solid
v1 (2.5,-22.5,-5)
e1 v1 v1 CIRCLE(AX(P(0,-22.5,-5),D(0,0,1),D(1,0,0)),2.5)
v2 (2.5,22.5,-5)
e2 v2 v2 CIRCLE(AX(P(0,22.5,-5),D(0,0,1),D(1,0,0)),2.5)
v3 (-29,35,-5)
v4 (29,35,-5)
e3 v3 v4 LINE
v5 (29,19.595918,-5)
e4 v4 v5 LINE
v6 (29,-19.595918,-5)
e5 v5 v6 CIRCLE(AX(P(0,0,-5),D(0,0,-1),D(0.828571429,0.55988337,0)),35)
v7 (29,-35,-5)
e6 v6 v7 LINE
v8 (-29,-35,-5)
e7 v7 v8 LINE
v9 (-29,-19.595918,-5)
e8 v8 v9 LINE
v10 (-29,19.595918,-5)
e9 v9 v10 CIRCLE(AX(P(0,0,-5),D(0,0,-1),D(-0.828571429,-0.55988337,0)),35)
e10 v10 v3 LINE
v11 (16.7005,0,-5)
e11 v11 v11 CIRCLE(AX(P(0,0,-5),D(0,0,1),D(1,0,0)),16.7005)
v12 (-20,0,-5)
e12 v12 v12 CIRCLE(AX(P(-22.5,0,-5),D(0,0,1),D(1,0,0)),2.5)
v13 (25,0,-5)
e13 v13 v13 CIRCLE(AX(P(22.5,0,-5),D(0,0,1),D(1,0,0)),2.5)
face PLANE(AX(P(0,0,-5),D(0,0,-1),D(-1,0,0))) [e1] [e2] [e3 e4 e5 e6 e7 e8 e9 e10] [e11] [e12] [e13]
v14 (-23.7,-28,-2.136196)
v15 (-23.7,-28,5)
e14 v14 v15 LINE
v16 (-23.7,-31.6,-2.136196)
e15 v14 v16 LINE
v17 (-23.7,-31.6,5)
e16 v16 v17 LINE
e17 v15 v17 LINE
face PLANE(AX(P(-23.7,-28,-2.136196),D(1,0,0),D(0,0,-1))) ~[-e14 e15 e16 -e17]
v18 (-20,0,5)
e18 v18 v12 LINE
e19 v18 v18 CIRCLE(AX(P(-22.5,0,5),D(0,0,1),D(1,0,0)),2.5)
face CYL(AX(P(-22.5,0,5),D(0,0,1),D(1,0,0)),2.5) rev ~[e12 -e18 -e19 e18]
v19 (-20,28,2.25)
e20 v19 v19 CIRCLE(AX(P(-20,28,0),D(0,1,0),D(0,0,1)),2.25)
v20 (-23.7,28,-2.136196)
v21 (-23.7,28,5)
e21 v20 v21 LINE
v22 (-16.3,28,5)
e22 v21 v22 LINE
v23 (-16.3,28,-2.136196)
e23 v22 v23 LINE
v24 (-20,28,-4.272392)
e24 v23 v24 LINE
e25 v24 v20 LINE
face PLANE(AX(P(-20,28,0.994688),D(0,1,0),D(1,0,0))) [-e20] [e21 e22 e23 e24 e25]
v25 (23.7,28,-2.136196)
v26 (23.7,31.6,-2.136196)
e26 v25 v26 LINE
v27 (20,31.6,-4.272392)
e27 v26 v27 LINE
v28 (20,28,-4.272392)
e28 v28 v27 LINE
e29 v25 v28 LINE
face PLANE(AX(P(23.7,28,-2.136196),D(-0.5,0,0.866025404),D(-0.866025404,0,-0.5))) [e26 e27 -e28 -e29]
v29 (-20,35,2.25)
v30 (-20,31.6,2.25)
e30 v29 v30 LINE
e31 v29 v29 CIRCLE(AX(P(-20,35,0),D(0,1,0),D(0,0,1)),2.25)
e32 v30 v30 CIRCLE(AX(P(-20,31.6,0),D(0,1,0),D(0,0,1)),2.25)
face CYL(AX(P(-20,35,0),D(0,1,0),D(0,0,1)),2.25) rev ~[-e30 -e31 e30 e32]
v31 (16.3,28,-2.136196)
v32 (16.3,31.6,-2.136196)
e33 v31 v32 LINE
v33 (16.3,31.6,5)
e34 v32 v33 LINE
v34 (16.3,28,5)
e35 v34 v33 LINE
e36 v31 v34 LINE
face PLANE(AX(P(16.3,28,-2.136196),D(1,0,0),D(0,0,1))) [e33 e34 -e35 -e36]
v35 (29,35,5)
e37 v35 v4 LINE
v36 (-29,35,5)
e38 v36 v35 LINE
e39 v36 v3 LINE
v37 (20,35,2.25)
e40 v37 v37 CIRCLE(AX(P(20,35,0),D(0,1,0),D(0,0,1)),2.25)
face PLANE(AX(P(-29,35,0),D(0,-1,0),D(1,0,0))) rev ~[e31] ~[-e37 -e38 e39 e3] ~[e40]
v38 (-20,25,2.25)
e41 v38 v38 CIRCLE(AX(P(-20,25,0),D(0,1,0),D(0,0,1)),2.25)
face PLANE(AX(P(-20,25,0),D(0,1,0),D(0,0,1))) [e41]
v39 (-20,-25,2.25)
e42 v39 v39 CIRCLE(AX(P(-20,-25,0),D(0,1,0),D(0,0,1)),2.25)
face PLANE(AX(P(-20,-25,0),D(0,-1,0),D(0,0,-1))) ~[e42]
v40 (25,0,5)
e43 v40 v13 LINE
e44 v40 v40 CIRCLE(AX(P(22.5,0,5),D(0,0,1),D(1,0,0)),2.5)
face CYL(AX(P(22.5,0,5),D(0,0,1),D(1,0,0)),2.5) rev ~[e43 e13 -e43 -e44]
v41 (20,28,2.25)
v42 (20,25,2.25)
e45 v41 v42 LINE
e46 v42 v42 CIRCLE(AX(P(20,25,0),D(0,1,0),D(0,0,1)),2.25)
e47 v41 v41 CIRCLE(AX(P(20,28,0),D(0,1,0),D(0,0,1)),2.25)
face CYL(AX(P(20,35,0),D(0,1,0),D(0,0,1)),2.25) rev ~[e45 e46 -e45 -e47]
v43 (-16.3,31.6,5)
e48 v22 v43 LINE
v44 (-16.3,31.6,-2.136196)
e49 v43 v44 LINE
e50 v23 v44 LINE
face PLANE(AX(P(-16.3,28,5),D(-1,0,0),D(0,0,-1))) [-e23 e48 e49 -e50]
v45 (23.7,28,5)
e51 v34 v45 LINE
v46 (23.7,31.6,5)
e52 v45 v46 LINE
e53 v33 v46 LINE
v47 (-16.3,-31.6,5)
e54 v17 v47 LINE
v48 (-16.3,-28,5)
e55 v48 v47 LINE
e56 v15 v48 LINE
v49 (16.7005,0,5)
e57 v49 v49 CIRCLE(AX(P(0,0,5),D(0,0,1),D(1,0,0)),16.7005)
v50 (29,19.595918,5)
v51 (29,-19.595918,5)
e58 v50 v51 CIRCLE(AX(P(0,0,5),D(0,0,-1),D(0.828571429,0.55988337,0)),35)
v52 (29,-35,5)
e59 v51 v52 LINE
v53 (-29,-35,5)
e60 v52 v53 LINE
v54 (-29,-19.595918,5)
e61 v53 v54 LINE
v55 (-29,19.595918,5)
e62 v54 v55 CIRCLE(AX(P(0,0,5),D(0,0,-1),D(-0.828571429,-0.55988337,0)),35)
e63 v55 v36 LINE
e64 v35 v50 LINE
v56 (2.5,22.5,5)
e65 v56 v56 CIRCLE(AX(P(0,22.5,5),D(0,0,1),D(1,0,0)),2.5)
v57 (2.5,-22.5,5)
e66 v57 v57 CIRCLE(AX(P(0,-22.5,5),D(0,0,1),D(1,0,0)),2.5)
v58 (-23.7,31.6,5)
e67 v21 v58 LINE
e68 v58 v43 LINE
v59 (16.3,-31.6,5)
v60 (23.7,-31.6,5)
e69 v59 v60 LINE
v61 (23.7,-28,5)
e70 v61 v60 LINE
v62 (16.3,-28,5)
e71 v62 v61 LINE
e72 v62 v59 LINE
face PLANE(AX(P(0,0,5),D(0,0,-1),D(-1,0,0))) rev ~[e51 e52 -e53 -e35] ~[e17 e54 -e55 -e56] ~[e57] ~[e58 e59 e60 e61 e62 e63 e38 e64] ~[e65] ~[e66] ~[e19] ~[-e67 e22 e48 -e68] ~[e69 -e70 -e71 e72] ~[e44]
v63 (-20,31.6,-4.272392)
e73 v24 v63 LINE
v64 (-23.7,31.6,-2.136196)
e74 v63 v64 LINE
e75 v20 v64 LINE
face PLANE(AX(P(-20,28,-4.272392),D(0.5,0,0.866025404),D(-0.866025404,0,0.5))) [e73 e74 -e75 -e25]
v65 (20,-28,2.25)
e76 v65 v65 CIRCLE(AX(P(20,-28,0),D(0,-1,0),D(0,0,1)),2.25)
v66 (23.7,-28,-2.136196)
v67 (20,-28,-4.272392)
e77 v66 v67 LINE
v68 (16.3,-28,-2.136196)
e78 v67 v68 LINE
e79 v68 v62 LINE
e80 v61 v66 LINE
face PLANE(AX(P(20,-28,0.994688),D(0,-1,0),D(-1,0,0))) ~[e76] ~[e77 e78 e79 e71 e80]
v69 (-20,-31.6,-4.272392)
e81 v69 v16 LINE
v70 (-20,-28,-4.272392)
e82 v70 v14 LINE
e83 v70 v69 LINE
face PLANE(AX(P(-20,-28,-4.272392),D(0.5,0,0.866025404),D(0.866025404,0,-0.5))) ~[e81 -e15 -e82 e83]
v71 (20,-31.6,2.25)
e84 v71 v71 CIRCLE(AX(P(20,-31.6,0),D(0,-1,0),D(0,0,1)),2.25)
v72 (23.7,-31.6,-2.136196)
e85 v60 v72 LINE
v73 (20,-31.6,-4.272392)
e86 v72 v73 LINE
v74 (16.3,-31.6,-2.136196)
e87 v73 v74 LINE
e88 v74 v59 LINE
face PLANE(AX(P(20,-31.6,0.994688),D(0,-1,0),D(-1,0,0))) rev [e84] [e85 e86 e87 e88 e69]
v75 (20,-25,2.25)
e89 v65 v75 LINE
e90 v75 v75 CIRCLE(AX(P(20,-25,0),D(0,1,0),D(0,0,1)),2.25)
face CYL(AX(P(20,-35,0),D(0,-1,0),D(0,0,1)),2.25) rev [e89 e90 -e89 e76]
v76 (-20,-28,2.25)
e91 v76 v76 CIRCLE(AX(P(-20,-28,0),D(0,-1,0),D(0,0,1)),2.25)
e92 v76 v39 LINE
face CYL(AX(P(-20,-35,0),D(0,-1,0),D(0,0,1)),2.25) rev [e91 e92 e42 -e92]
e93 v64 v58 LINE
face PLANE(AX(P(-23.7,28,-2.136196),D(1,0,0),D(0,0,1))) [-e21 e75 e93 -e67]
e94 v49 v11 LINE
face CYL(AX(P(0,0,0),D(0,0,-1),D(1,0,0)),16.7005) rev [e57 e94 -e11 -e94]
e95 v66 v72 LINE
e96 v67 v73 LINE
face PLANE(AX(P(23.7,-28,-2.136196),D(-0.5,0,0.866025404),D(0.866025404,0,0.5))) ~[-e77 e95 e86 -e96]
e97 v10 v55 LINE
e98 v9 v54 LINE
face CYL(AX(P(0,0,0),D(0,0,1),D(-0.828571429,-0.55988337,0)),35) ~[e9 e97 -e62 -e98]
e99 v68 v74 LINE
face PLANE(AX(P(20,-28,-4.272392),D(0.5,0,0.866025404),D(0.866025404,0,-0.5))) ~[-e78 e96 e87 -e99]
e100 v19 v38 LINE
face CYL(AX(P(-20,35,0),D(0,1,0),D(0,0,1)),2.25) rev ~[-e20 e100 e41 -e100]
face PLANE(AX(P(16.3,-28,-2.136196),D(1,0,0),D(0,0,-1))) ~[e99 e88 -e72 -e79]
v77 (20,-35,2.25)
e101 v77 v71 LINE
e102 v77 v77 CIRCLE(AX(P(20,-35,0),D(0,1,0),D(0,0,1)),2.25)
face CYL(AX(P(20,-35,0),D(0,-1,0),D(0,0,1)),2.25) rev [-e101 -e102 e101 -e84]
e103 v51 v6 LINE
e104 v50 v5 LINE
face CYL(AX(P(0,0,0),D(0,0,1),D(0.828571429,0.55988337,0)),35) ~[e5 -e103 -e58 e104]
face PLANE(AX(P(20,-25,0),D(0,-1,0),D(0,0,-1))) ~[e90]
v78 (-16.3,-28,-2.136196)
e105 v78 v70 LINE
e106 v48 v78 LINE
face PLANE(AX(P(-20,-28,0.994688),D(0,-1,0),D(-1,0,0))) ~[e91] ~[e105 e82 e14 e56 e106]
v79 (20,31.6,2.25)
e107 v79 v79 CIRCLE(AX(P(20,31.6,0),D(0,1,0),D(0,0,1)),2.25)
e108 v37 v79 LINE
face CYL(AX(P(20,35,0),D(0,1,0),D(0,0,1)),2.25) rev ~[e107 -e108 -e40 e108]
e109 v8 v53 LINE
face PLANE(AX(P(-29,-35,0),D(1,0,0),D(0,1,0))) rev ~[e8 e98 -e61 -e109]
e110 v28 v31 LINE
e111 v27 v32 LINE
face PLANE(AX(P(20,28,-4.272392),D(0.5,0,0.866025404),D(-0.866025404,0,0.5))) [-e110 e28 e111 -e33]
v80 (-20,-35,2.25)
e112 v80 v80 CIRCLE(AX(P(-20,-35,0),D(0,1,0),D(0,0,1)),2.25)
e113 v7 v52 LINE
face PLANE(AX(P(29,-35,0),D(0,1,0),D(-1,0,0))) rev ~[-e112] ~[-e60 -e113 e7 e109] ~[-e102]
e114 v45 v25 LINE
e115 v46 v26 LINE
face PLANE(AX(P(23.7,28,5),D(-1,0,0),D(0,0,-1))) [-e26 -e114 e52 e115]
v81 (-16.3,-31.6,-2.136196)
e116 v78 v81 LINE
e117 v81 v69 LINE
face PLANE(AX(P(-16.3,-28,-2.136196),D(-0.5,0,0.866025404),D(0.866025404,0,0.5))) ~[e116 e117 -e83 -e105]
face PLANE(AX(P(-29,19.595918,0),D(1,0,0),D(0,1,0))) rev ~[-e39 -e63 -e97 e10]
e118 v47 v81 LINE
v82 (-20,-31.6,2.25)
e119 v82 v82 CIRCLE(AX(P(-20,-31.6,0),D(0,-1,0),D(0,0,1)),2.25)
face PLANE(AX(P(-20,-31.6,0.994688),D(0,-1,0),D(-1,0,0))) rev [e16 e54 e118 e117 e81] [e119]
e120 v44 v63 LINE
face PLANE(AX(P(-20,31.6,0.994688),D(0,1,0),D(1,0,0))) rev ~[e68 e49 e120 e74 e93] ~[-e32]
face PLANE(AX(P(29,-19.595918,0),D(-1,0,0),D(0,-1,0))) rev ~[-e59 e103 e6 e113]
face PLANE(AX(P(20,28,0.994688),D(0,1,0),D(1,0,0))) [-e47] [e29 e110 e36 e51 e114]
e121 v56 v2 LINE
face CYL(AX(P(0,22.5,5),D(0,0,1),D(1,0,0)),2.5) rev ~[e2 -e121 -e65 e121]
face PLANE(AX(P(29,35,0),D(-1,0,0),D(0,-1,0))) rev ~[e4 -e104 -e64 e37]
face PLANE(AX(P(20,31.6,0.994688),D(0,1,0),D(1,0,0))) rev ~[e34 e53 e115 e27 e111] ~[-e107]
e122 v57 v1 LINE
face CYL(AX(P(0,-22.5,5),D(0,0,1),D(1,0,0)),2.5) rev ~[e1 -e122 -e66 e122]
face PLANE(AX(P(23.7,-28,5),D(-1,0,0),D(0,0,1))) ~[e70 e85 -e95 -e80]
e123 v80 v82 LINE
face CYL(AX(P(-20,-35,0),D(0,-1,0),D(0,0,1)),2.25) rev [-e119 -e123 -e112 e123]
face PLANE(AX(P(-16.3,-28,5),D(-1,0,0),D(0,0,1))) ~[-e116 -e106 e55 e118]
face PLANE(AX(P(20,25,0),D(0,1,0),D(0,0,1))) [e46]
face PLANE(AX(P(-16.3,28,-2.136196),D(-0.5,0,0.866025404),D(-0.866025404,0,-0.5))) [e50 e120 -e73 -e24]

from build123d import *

# Parameters (mm, degrees)
CROQUIS1_R              = 16.7005
SALIENTE_EXTRUIR1_DEPTH = 5
CORTAR_EXTRUIR1_DEPTH   = 3.6
CROQUIS6_R              = 2.25
CORTAR_EXTRUIR2_DEPTH   = 10
CORTAR_EXTRUIR3_REACH   = 52.498
CROQUIS7_R              = 2.5


with BuildPart() as part:
    # Croquis1 → Saliente-Extruir1 (new, symmetric)
    with BuildSketch(Plane.XY):
        with BuildLine():
            Line((-29, 19.595917942), (-29, 35))
            Line((-29, 35), (29, 35))
            Line((29, 35), (29, 19.595917942))
            ThreePointArc((29, 19.595917942), (35, 0), (29, -19.595917942))
            Line((29, -19.595917942), (29, -35))
            Line((29, -35), (-29, -35))
            Line((-29, -35), (-29, -19.595917942))
            ThreePointArc((-29, -19.595917942), (-35, 0), (-29, 19.595917942))
        make_face()
        Circle(CROQUIS1_R, mode=Mode.SUBTRACT)
    extrude(amount=SALIENTE_EXTRUIR1_DEPTH, both=True)

    # Croquis5 → Cortar-Extruir1 (cut)
    with BuildSketch(Plane(origin=(0, 28, 0), x_dir=(1, 0, 0), z_dir=(0, 1, 0))):
        Polygon((-23.7, -2.136195996), (-23.7, -5), (-16.3, -5), (-16.3, -2.136195996), (-16.3, 2.136195996), (-20, 4.272391992), (-23.7, 2.136195996), align=None)
        Polygon((16.3, 2.136195996), (16.3, -2.136195996), (16.3, -5), (23.7, -5), (23.7, -2.136195996), (23.7, 2.136195996), (20, 4.272391992), align=None)
    cortar_extruir1 = extrude(amount=CORTAR_EXTRUIR1_DEPTH, mode=Mode.SUBTRACT)

    # Croquis6 → Cortar-Extruir2 (cut)
    with BuildSketch(Plane(origin=(0, 35, 0), x_dir=(1, 0, 0), z_dir=(0, 1, 0))):
        with Locations(Location((-20, 0, 0), (0, 0, 270))):
            Circle(CROQUIS6_R)
        with Locations(Location((20, 0, 0), (0, 0, 270))):
            Circle(CROQUIS6_R)
    cortar_extruir2 = extrude(amount=-CORTAR_EXTRUIR2_DEPTH, mode=Mode.SUBTRACT)

    # Simetría1: Cortar-Extruir1, Cortar-Extruir2 across plane
    add(cortar_extruir1.mirror(Plane.ZX), mode=Mode.SUBTRACT)
    add(cortar_extruir2.mirror(Plane.ZX), mode=Mode.SUBTRACT)

    # Croquis7 → Cortar-Extruir3 (cut, up to next)
    with BuildSketch(Plane.XY.offset(5), mode=Mode.PRIVATE) as cortar_extruir3_sk1:
        with Locations((0, 22.5)):
            Circle(CROQUIS7_R)
    cortar_extruir3_tool1 = extrude(cortar_extruir3_sk1.sketch, amount=-CORTAR_EXTRUIR3_REACH, mode=Mode.PRIVATE) & part.part
    # Croquis7 → Cortar-Extruir3 (cut, up to next)
    with BuildSketch(Plane.XY.offset(5), mode=Mode.PRIVATE) as cortar_extruir3_sk2:
        with Locations((22.5, 0)):
            Circle(CROQUIS7_R)
    cortar_extruir3_tool2 = extrude(cortar_extruir3_sk2.sketch, amount=-CORTAR_EXTRUIR3_REACH, mode=Mode.PRIVATE) & part.part
    # Croquis7 → Cortar-Extruir3 (cut, up to next)
    with BuildSketch(Plane.XY.offset(5), mode=Mode.PRIVATE) as cortar_extruir3_sk3:
        with Locations((0, -22.5)):
            Circle(CROQUIS7_R)
    cortar_extruir3_tool3 = extrude(cortar_extruir3_sk3.sketch, amount=-CORTAR_EXTRUIR3_REACH, mode=Mode.PRIVATE) & part.part
    # Croquis7 → Cortar-Extruir3 (cut, up to next)
    with BuildSketch(Plane.XY.offset(5), mode=Mode.PRIVATE) as cortar_extruir3_sk4:
        with Locations((-22.5, 0)):
            Circle(CROQUIS7_R)
    cortar_extruir3_tool4 = extrude(cortar_extruir3_sk4.sketch, amount=-CORTAR_EXTRUIR3_REACH, mode=Mode.PRIVATE) & part.part
    add(cortar_extruir3_tool1.solids().sort_by_distance((0, 22.5, 5))[0], mode=Mode.SUBTRACT)
    add(cortar_extruir3_tool2.solids().sort_by_distance((22.5, 0, 5))[0], mode=Mode.SUBTRACT)
    add(cortar_extruir3_tool3.solids().sort_by_distance((0, -22.5, 5))[0], mode=Mode.SUBTRACT)
    add(cortar_extruir3_tool4.solids().sort_by_distance((-22.5, 0, 5))[0], mode=Mode.SUBTRACT)


solid = part.part
